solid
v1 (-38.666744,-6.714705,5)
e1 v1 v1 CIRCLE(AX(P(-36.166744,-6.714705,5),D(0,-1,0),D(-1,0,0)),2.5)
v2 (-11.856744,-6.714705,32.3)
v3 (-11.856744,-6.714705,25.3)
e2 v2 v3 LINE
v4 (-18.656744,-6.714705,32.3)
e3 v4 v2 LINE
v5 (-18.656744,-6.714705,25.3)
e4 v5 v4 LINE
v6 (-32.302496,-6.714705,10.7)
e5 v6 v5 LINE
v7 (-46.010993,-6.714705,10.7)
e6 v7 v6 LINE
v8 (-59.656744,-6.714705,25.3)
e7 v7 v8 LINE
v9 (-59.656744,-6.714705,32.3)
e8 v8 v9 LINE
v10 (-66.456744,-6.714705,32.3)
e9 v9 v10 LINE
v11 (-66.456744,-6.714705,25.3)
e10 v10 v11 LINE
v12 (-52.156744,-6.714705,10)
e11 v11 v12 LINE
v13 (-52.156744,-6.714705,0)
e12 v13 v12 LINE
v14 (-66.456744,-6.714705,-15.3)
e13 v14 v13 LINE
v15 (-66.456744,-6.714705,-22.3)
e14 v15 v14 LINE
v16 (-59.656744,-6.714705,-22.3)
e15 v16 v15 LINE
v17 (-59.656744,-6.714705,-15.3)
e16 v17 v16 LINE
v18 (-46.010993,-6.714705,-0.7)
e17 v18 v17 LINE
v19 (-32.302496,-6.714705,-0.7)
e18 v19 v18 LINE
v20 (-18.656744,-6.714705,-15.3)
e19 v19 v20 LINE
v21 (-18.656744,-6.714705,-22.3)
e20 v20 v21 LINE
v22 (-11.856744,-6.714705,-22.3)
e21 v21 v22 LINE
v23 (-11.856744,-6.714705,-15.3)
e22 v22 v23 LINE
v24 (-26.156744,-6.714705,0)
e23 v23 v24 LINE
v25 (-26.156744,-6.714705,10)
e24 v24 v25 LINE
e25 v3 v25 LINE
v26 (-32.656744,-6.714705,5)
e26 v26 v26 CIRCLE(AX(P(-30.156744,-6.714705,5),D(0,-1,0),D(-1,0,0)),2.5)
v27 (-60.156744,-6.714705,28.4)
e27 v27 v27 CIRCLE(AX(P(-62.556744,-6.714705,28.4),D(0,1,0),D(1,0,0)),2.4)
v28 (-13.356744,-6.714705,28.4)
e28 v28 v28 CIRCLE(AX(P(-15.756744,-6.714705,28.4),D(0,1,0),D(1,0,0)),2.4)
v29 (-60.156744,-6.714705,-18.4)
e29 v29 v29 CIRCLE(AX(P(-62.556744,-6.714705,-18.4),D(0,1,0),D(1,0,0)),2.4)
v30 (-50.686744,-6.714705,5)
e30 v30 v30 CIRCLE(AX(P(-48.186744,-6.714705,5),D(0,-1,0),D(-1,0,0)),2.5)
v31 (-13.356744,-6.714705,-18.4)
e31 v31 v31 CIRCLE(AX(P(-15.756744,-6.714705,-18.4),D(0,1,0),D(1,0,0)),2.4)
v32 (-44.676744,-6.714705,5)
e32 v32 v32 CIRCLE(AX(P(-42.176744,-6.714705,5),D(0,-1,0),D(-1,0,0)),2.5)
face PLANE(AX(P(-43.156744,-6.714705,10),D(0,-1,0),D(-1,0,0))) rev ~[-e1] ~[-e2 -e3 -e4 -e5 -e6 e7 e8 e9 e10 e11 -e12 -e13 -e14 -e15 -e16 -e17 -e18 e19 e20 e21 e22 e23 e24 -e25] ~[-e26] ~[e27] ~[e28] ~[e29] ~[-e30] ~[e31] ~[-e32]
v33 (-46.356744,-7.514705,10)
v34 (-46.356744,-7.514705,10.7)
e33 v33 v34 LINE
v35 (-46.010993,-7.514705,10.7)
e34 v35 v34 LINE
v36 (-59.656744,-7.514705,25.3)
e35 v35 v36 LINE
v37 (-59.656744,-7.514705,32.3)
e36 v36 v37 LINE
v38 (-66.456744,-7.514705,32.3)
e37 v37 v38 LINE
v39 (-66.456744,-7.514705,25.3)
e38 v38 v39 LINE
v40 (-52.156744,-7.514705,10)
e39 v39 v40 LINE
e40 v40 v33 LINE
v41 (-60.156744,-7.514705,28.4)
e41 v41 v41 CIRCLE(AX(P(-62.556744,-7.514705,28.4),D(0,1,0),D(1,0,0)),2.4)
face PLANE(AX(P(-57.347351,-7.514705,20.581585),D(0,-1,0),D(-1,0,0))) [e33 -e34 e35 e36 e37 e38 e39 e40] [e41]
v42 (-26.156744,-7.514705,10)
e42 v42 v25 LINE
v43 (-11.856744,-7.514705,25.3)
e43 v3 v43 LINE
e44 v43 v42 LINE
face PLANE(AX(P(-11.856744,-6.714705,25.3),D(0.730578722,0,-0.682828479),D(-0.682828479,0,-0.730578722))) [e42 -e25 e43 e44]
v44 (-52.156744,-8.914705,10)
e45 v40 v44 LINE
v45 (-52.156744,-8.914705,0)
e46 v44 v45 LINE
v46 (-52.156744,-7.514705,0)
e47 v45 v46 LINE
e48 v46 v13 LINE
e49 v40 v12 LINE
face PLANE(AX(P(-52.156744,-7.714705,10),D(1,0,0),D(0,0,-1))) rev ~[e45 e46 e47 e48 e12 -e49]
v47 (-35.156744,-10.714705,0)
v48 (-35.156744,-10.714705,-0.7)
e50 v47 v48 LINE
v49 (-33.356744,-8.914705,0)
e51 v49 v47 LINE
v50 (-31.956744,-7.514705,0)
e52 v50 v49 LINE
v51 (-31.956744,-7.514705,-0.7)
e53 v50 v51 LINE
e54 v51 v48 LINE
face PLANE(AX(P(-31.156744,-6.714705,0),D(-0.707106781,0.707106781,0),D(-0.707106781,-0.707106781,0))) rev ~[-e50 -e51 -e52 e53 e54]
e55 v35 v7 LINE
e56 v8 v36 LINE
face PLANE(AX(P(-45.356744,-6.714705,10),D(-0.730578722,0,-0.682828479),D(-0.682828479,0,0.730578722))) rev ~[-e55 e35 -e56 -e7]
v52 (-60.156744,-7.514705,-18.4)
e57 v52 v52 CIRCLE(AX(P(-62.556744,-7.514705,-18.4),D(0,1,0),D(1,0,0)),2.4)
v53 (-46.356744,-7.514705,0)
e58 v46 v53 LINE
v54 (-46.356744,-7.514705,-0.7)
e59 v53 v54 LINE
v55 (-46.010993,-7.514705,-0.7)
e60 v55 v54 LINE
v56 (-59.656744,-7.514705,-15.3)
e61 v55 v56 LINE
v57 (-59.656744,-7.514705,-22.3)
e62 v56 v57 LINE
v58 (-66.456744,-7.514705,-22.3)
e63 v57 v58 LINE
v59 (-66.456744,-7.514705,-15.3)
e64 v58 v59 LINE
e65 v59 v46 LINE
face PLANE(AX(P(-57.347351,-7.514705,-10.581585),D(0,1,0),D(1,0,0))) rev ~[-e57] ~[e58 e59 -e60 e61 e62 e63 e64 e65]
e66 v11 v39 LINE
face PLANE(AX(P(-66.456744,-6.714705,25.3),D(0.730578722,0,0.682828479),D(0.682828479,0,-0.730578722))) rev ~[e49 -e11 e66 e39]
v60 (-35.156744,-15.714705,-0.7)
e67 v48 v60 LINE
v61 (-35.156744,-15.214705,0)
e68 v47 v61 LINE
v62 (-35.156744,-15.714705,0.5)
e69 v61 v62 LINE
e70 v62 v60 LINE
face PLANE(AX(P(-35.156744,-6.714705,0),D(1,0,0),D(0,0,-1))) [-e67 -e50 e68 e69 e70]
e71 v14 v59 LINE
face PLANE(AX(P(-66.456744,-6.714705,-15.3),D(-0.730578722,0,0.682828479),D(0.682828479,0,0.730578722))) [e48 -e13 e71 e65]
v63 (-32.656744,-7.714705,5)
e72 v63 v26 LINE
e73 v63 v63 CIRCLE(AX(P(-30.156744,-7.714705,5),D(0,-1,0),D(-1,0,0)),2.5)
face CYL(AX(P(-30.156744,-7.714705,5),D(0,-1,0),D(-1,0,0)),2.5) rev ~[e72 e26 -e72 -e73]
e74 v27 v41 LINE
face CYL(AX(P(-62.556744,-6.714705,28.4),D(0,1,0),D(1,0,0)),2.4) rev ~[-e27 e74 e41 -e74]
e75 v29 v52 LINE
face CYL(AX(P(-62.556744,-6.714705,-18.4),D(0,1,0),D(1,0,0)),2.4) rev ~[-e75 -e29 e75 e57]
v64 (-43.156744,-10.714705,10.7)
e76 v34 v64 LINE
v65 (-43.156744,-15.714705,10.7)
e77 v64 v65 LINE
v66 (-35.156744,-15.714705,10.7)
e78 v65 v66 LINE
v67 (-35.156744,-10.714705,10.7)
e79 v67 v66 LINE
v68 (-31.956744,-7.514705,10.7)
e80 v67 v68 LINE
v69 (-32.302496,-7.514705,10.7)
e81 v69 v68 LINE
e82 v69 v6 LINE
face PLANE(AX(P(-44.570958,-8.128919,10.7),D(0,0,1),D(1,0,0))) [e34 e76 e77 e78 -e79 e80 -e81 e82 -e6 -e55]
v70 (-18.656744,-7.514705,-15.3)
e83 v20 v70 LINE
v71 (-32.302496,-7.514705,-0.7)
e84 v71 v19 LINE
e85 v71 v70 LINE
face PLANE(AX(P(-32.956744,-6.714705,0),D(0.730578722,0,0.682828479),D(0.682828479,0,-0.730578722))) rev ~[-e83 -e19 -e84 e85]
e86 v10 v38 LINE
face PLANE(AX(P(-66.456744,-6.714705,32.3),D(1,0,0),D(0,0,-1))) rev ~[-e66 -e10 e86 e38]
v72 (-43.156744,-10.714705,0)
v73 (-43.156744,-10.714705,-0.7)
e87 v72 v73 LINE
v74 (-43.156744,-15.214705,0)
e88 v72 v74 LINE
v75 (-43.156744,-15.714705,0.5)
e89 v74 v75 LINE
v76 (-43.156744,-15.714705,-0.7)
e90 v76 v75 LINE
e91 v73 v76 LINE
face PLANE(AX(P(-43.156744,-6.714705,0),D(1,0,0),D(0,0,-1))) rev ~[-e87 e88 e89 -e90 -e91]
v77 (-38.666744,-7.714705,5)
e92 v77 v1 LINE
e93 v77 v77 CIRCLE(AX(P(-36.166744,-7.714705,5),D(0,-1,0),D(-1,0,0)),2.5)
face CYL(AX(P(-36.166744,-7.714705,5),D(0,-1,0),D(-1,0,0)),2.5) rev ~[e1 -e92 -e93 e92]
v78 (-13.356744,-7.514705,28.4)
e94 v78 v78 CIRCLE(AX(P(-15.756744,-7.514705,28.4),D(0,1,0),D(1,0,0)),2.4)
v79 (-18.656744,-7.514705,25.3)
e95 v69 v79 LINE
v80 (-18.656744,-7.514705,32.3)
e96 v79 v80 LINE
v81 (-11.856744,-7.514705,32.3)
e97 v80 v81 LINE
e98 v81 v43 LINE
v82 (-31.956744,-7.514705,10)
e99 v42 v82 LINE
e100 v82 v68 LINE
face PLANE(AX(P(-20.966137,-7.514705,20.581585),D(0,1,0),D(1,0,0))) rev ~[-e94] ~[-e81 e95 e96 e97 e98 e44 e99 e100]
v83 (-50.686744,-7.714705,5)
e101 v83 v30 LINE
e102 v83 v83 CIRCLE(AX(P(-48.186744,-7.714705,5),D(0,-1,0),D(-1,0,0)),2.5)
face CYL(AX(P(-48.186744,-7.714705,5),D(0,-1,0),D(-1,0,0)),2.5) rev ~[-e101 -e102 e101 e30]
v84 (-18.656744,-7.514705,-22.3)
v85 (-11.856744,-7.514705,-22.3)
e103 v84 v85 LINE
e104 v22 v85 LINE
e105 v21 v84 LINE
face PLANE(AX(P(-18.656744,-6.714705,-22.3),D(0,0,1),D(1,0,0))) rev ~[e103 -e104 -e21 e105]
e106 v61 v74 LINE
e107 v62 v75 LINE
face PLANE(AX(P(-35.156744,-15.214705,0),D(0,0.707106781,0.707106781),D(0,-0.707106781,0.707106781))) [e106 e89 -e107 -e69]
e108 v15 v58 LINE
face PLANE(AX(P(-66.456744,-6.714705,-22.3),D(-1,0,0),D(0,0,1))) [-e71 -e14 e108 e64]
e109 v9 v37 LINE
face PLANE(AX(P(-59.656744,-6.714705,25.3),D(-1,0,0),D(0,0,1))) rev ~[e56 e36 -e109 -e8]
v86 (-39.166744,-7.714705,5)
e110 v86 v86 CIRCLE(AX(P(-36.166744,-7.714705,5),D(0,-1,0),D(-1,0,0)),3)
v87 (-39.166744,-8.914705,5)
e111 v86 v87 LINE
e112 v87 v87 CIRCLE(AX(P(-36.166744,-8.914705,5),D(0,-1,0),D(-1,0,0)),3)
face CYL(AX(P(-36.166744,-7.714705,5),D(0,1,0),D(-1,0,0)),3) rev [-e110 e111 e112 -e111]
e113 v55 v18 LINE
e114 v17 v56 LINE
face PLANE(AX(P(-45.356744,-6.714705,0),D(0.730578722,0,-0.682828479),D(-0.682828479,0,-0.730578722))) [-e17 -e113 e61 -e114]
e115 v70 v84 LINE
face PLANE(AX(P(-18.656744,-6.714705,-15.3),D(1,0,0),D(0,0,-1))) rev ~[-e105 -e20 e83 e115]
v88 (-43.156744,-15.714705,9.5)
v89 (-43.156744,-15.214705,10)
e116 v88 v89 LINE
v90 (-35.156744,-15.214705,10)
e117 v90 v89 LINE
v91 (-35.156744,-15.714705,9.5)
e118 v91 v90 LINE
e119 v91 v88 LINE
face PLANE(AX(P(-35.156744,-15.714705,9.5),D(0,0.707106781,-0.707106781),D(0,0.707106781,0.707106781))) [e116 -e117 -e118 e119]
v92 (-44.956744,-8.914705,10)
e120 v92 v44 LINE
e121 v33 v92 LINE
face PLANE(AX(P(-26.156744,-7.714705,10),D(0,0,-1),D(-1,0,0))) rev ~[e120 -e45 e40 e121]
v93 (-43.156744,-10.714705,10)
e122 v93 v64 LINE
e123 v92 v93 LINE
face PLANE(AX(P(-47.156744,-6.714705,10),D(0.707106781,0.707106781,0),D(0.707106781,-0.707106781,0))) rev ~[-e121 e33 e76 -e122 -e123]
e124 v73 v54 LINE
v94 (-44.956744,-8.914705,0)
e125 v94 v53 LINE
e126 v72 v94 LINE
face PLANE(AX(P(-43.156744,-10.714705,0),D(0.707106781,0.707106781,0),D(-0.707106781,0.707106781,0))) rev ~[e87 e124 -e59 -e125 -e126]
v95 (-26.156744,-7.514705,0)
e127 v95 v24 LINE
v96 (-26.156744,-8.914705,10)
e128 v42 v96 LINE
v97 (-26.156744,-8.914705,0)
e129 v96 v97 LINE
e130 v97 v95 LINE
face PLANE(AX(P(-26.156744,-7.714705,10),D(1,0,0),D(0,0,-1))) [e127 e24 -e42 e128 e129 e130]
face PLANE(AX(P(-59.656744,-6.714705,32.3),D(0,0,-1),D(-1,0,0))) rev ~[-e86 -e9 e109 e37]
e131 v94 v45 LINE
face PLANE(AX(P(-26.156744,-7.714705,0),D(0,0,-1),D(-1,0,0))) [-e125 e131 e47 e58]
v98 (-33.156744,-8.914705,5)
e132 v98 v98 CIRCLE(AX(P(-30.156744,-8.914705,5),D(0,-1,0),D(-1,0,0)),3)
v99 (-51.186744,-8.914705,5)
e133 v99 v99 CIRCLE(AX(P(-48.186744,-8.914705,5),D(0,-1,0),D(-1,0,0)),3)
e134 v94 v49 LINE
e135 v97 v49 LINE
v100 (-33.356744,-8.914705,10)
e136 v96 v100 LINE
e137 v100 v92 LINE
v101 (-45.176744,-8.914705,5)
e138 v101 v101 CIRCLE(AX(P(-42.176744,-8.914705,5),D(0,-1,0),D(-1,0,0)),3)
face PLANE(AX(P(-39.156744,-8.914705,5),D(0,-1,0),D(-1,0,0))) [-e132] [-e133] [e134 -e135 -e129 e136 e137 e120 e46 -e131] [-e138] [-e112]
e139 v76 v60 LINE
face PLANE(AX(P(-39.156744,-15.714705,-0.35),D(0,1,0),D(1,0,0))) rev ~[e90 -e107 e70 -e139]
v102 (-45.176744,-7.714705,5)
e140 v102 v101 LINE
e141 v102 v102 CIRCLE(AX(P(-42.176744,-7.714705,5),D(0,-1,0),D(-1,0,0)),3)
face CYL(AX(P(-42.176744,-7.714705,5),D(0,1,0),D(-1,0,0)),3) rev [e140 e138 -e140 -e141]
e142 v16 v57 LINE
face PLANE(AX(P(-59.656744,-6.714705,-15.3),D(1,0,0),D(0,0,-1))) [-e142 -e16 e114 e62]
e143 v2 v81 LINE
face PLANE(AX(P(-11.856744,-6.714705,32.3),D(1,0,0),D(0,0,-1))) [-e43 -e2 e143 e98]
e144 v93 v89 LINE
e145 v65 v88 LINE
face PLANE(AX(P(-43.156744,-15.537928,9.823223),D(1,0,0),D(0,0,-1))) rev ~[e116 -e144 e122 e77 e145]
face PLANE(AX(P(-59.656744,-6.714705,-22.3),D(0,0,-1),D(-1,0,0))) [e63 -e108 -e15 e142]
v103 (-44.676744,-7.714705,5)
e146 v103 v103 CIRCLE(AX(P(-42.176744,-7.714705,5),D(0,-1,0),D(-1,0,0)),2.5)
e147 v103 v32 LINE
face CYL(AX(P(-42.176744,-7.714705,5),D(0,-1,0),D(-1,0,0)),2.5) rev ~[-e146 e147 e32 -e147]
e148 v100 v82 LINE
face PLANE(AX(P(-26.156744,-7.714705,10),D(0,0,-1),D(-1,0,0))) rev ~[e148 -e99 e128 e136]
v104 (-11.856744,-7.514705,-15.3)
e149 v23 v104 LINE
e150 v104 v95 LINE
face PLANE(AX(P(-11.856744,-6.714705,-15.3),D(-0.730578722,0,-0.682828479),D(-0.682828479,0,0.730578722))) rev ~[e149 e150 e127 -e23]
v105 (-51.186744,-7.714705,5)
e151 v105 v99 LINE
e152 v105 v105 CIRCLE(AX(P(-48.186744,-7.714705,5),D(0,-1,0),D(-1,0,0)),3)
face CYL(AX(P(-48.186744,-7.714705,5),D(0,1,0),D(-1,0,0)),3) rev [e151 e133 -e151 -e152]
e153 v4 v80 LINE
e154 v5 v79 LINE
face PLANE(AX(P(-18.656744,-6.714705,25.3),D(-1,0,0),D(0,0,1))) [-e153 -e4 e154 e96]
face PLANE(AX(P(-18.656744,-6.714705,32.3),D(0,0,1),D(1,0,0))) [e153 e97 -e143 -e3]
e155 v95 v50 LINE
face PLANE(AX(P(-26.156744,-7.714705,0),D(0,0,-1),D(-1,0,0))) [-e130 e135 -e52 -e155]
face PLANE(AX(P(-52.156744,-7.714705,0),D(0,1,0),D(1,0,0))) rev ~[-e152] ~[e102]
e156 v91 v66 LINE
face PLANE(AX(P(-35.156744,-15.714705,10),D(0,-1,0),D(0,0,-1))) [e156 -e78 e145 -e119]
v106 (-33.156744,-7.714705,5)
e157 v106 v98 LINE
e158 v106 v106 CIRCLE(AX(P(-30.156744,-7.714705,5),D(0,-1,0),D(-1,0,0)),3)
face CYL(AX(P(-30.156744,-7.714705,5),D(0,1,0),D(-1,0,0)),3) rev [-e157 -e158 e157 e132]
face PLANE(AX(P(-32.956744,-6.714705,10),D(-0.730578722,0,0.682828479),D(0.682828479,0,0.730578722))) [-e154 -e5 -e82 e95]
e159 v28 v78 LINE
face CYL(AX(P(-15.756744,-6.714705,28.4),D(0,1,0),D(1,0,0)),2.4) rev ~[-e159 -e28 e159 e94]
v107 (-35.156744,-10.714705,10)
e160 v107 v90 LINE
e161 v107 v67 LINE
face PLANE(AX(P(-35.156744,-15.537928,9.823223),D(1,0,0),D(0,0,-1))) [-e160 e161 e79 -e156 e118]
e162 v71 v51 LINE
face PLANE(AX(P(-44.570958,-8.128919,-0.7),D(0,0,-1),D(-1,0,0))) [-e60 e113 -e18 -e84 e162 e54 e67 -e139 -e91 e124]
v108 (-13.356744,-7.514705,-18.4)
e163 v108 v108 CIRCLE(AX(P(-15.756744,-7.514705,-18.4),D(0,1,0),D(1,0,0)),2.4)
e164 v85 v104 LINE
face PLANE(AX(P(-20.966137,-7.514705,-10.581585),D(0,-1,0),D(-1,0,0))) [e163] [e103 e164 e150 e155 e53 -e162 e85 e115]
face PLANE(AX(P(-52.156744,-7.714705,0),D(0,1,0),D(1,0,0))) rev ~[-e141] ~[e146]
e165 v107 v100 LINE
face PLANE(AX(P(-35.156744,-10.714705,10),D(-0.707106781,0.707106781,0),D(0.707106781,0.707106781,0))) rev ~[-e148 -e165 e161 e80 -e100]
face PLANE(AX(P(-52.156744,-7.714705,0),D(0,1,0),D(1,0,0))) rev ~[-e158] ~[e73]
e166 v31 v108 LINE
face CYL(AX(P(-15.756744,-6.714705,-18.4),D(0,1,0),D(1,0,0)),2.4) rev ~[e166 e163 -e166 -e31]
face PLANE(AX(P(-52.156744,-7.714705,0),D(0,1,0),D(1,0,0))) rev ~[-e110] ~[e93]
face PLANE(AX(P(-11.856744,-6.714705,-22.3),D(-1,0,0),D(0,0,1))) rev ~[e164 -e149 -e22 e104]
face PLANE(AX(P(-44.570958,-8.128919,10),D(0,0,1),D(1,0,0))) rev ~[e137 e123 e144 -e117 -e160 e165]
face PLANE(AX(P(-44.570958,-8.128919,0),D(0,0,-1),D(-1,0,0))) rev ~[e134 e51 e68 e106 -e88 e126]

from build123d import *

# Parameters (mm, degrees)
SKICA1_W                 = 26
SKICA1_H                 = 1
P_IDAT_VYSUNUT_M1_DEPTH  = 10
SKICA2_R                 = 2.5
ODEBRAT_VYSUNUT_M1_DEPTH = 1
SKICA3_R                 = 2.4
P_IDAT_VYSUNUT_M2_DEPTH  = 0.8
SKICA4_W                 = 26
SKICA4_H                 = 10
SKICA4_R                 = 3
P_IDAT_VYSUNUT_M3_DEPTH  = 1.2
SKICA6_W                 = 8
SKICA6_H                 = 0.7
P_IDAT_VYSUNUT_M5_DEPTH  = 9
P_IDAT_VYSUNUT_M6_DEPTH  = 8
P_IDAT_VYSUNUT_M8_DEPTH  = 0.7
P_IDAT_VYSUNUT_M9_DEPTH  = 0.7


with BuildPart() as part:
    # Skica1 → Přidat vysunutím1 (new body)
    with BuildSketch(Plane.XY):
        with Locations((-39.156744291, -7.214704976)):
            Rectangle(SKICA1_W, SKICA1_H)
    extrude(amount=P_IDAT_VYSUNUT_M1_DEPTH)

    # Skica2 → Odebrat vysunutím1 (cut)
    with BuildSketch(Plane(origin=(0, -7.714704976, 0), x_dir=(-1, 0, 0), z_dir=(0, -1, 0))):
        with Locations((48.186744291, -5)):
            Circle(SKICA2_R)
        with Locations((42.176744291, -5)):
            Circle(SKICA2_R)
        with Locations((36.166744291, -5)):
            Circle(SKICA2_R)
        with Locations((30.156744291, -5)):
            Circle(SKICA2_R)
    extrude(amount=-ODEBRAT_VYSUNUT_M1_DEPTH, mode=Mode.SUBTRACT)

    # Skica3 → Přidat vysunutím2 (add)
    with BuildSketch(Plane(origin=(0, -6.714704976, 0), x_dir=(1, 0, 0), z_dir=(0, 1, 0))):
        Polygon((-32.956744291, 0), (-18.656744291, 15.3), (-18.656744291, 22.3), (-11.856744291, 22.3), (-11.856744291, 15.3), (-26.156744291, 0), align=None)
        with Locations((-15.756744291, 18.4)):
            Circle(SKICA3_R, mode=Mode.SUBTRACT)
        Polygon((-52.156744291, 0), (-45.356744291, 0), (-59.656744291, 15.3), (-59.656744291, 22.3), (-66.456744291, 22.3), (-66.456744291, 15.3), align=None)
        with Locations((-62.556744291, 18.4)):
            Circle(SKICA3_R, mode=Mode.SUBTRACT)
        Polygon((-45.356744291, -10), (-59.656744291, -25.3), (-59.656744291, -32.3), (-66.456744291, -32.3), (-66.456744291, -25.3), (-52.156744291, -10), align=None)
        with Locations((-62.556744291, -28.4)):
            Circle(SKICA3_R, mode=Mode.SUBTRACT)
        Polygon((-26.156744291, -10), (-32.956744291, -10), (-18.656744291, -25.3), (-18.656744291, -32.3), (-11.856744291, -32.3), (-11.856744291, -25.3), align=None)
        with Locations((-15.756744291, -28.4)):
            Circle(SKICA3_R, mode=Mode.SUBTRACT)
    extrude(amount=-P_IDAT_VYSUNUT_M2_DEPTH)

    # Skica4 → Přidat vysunutím3 (add)
    with BuildSketch(Plane(origin=(0, -7.714704976, 0), x_dir=(-1, 0, 0), z_dir=(0, -1, 0))):
        with Locations((39.156744291, -5)):
            Rectangle(SKICA4_W, SKICA4_H)
        with Locations((48.186744291, -5)):
            Circle(SKICA4_R, mode=Mode.SUBTRACT)
        with Locations((42.176744291, -5)):
            Circle(SKICA4_R, mode=Mode.SUBTRACT)
        with Locations((36.166744291, -5)):
            Circle(SKICA4_R, mode=Mode.SUBTRACT)
        with Locations((30.156744291, -5)):
            Circle(SKICA4_R, mode=Mode.SUBTRACT)
    extrude(amount=P_IDAT_VYSUNUT_M3_DEPTH)

    # Skica6 → Přidat vysunutím5 (add)
    with BuildSketch(Plane(origin=(0, -6.714704976, 0), x_dir=(1, 0, 0), z_dir=(0, 1, 0))):
        with Locations((-39.156744291, 0.35)):
            Rectangle(SKICA6_W, SKICA6_H)
        with Locations((-39.156744291, -10.35)):
            Rectangle(SKICA6_W, SKICA6_H)
    extrude(amount=-P_IDAT_VYSUNUT_M5_DEPTH)

    # Skica7 → Přidat vysunutím6 (add)
    with BuildSketch(Plane(origin=(-35.156744291, 0, 0), x_dir=(0, 0, -1), z_dir=(1, 0, 0))):
        Polygon((-10, -15.714704976), (-9.5, -15.714704976), (-10, -15.214704976), align=None)
        Polygon((0, -15.714704976), (0, -15.214704976), (-0.5, -15.714704976), align=None)
    extrude(amount=-P_IDAT_VYSUNUT_M6_DEPTH)

    # Skica8 → Přidat vysunutím8 (add)
    with BuildSketch(Plane(origin=(0, 0, 0), x_dir=(-1, 0, 0), z_dir=(0, 0, -1))):
        Polygon((43.156744291, -6.714704976), (43.156744291, -10.714704976), (47.156744291, -6.714704976), align=None)
        Polygon((35.156744291, -10.714704976), (35.156744291, -6.714704976), (31.156744291, -6.714704976), align=None)
    extrude(amount=P_IDAT_VYSUNUT_M8_DEPTH)

    # Skica9 → Přidat vysunutím9 (add)
    with BuildSketch(Plane.XY.offset(10)):
        Polygon((-43.156744291, -6.714704976), (-47.156744291, -6.714704976), (-43.156744291, -10.714704976), align=None)
        Polygon((-35.156744291, -6.714704976), (-35.156744291, -10.714704976), (-31.156744291, -6.714704976), align=None)
    extrude(amount=P_IDAT_VYSUNUT_M9_DEPTH)


solid = part.part
